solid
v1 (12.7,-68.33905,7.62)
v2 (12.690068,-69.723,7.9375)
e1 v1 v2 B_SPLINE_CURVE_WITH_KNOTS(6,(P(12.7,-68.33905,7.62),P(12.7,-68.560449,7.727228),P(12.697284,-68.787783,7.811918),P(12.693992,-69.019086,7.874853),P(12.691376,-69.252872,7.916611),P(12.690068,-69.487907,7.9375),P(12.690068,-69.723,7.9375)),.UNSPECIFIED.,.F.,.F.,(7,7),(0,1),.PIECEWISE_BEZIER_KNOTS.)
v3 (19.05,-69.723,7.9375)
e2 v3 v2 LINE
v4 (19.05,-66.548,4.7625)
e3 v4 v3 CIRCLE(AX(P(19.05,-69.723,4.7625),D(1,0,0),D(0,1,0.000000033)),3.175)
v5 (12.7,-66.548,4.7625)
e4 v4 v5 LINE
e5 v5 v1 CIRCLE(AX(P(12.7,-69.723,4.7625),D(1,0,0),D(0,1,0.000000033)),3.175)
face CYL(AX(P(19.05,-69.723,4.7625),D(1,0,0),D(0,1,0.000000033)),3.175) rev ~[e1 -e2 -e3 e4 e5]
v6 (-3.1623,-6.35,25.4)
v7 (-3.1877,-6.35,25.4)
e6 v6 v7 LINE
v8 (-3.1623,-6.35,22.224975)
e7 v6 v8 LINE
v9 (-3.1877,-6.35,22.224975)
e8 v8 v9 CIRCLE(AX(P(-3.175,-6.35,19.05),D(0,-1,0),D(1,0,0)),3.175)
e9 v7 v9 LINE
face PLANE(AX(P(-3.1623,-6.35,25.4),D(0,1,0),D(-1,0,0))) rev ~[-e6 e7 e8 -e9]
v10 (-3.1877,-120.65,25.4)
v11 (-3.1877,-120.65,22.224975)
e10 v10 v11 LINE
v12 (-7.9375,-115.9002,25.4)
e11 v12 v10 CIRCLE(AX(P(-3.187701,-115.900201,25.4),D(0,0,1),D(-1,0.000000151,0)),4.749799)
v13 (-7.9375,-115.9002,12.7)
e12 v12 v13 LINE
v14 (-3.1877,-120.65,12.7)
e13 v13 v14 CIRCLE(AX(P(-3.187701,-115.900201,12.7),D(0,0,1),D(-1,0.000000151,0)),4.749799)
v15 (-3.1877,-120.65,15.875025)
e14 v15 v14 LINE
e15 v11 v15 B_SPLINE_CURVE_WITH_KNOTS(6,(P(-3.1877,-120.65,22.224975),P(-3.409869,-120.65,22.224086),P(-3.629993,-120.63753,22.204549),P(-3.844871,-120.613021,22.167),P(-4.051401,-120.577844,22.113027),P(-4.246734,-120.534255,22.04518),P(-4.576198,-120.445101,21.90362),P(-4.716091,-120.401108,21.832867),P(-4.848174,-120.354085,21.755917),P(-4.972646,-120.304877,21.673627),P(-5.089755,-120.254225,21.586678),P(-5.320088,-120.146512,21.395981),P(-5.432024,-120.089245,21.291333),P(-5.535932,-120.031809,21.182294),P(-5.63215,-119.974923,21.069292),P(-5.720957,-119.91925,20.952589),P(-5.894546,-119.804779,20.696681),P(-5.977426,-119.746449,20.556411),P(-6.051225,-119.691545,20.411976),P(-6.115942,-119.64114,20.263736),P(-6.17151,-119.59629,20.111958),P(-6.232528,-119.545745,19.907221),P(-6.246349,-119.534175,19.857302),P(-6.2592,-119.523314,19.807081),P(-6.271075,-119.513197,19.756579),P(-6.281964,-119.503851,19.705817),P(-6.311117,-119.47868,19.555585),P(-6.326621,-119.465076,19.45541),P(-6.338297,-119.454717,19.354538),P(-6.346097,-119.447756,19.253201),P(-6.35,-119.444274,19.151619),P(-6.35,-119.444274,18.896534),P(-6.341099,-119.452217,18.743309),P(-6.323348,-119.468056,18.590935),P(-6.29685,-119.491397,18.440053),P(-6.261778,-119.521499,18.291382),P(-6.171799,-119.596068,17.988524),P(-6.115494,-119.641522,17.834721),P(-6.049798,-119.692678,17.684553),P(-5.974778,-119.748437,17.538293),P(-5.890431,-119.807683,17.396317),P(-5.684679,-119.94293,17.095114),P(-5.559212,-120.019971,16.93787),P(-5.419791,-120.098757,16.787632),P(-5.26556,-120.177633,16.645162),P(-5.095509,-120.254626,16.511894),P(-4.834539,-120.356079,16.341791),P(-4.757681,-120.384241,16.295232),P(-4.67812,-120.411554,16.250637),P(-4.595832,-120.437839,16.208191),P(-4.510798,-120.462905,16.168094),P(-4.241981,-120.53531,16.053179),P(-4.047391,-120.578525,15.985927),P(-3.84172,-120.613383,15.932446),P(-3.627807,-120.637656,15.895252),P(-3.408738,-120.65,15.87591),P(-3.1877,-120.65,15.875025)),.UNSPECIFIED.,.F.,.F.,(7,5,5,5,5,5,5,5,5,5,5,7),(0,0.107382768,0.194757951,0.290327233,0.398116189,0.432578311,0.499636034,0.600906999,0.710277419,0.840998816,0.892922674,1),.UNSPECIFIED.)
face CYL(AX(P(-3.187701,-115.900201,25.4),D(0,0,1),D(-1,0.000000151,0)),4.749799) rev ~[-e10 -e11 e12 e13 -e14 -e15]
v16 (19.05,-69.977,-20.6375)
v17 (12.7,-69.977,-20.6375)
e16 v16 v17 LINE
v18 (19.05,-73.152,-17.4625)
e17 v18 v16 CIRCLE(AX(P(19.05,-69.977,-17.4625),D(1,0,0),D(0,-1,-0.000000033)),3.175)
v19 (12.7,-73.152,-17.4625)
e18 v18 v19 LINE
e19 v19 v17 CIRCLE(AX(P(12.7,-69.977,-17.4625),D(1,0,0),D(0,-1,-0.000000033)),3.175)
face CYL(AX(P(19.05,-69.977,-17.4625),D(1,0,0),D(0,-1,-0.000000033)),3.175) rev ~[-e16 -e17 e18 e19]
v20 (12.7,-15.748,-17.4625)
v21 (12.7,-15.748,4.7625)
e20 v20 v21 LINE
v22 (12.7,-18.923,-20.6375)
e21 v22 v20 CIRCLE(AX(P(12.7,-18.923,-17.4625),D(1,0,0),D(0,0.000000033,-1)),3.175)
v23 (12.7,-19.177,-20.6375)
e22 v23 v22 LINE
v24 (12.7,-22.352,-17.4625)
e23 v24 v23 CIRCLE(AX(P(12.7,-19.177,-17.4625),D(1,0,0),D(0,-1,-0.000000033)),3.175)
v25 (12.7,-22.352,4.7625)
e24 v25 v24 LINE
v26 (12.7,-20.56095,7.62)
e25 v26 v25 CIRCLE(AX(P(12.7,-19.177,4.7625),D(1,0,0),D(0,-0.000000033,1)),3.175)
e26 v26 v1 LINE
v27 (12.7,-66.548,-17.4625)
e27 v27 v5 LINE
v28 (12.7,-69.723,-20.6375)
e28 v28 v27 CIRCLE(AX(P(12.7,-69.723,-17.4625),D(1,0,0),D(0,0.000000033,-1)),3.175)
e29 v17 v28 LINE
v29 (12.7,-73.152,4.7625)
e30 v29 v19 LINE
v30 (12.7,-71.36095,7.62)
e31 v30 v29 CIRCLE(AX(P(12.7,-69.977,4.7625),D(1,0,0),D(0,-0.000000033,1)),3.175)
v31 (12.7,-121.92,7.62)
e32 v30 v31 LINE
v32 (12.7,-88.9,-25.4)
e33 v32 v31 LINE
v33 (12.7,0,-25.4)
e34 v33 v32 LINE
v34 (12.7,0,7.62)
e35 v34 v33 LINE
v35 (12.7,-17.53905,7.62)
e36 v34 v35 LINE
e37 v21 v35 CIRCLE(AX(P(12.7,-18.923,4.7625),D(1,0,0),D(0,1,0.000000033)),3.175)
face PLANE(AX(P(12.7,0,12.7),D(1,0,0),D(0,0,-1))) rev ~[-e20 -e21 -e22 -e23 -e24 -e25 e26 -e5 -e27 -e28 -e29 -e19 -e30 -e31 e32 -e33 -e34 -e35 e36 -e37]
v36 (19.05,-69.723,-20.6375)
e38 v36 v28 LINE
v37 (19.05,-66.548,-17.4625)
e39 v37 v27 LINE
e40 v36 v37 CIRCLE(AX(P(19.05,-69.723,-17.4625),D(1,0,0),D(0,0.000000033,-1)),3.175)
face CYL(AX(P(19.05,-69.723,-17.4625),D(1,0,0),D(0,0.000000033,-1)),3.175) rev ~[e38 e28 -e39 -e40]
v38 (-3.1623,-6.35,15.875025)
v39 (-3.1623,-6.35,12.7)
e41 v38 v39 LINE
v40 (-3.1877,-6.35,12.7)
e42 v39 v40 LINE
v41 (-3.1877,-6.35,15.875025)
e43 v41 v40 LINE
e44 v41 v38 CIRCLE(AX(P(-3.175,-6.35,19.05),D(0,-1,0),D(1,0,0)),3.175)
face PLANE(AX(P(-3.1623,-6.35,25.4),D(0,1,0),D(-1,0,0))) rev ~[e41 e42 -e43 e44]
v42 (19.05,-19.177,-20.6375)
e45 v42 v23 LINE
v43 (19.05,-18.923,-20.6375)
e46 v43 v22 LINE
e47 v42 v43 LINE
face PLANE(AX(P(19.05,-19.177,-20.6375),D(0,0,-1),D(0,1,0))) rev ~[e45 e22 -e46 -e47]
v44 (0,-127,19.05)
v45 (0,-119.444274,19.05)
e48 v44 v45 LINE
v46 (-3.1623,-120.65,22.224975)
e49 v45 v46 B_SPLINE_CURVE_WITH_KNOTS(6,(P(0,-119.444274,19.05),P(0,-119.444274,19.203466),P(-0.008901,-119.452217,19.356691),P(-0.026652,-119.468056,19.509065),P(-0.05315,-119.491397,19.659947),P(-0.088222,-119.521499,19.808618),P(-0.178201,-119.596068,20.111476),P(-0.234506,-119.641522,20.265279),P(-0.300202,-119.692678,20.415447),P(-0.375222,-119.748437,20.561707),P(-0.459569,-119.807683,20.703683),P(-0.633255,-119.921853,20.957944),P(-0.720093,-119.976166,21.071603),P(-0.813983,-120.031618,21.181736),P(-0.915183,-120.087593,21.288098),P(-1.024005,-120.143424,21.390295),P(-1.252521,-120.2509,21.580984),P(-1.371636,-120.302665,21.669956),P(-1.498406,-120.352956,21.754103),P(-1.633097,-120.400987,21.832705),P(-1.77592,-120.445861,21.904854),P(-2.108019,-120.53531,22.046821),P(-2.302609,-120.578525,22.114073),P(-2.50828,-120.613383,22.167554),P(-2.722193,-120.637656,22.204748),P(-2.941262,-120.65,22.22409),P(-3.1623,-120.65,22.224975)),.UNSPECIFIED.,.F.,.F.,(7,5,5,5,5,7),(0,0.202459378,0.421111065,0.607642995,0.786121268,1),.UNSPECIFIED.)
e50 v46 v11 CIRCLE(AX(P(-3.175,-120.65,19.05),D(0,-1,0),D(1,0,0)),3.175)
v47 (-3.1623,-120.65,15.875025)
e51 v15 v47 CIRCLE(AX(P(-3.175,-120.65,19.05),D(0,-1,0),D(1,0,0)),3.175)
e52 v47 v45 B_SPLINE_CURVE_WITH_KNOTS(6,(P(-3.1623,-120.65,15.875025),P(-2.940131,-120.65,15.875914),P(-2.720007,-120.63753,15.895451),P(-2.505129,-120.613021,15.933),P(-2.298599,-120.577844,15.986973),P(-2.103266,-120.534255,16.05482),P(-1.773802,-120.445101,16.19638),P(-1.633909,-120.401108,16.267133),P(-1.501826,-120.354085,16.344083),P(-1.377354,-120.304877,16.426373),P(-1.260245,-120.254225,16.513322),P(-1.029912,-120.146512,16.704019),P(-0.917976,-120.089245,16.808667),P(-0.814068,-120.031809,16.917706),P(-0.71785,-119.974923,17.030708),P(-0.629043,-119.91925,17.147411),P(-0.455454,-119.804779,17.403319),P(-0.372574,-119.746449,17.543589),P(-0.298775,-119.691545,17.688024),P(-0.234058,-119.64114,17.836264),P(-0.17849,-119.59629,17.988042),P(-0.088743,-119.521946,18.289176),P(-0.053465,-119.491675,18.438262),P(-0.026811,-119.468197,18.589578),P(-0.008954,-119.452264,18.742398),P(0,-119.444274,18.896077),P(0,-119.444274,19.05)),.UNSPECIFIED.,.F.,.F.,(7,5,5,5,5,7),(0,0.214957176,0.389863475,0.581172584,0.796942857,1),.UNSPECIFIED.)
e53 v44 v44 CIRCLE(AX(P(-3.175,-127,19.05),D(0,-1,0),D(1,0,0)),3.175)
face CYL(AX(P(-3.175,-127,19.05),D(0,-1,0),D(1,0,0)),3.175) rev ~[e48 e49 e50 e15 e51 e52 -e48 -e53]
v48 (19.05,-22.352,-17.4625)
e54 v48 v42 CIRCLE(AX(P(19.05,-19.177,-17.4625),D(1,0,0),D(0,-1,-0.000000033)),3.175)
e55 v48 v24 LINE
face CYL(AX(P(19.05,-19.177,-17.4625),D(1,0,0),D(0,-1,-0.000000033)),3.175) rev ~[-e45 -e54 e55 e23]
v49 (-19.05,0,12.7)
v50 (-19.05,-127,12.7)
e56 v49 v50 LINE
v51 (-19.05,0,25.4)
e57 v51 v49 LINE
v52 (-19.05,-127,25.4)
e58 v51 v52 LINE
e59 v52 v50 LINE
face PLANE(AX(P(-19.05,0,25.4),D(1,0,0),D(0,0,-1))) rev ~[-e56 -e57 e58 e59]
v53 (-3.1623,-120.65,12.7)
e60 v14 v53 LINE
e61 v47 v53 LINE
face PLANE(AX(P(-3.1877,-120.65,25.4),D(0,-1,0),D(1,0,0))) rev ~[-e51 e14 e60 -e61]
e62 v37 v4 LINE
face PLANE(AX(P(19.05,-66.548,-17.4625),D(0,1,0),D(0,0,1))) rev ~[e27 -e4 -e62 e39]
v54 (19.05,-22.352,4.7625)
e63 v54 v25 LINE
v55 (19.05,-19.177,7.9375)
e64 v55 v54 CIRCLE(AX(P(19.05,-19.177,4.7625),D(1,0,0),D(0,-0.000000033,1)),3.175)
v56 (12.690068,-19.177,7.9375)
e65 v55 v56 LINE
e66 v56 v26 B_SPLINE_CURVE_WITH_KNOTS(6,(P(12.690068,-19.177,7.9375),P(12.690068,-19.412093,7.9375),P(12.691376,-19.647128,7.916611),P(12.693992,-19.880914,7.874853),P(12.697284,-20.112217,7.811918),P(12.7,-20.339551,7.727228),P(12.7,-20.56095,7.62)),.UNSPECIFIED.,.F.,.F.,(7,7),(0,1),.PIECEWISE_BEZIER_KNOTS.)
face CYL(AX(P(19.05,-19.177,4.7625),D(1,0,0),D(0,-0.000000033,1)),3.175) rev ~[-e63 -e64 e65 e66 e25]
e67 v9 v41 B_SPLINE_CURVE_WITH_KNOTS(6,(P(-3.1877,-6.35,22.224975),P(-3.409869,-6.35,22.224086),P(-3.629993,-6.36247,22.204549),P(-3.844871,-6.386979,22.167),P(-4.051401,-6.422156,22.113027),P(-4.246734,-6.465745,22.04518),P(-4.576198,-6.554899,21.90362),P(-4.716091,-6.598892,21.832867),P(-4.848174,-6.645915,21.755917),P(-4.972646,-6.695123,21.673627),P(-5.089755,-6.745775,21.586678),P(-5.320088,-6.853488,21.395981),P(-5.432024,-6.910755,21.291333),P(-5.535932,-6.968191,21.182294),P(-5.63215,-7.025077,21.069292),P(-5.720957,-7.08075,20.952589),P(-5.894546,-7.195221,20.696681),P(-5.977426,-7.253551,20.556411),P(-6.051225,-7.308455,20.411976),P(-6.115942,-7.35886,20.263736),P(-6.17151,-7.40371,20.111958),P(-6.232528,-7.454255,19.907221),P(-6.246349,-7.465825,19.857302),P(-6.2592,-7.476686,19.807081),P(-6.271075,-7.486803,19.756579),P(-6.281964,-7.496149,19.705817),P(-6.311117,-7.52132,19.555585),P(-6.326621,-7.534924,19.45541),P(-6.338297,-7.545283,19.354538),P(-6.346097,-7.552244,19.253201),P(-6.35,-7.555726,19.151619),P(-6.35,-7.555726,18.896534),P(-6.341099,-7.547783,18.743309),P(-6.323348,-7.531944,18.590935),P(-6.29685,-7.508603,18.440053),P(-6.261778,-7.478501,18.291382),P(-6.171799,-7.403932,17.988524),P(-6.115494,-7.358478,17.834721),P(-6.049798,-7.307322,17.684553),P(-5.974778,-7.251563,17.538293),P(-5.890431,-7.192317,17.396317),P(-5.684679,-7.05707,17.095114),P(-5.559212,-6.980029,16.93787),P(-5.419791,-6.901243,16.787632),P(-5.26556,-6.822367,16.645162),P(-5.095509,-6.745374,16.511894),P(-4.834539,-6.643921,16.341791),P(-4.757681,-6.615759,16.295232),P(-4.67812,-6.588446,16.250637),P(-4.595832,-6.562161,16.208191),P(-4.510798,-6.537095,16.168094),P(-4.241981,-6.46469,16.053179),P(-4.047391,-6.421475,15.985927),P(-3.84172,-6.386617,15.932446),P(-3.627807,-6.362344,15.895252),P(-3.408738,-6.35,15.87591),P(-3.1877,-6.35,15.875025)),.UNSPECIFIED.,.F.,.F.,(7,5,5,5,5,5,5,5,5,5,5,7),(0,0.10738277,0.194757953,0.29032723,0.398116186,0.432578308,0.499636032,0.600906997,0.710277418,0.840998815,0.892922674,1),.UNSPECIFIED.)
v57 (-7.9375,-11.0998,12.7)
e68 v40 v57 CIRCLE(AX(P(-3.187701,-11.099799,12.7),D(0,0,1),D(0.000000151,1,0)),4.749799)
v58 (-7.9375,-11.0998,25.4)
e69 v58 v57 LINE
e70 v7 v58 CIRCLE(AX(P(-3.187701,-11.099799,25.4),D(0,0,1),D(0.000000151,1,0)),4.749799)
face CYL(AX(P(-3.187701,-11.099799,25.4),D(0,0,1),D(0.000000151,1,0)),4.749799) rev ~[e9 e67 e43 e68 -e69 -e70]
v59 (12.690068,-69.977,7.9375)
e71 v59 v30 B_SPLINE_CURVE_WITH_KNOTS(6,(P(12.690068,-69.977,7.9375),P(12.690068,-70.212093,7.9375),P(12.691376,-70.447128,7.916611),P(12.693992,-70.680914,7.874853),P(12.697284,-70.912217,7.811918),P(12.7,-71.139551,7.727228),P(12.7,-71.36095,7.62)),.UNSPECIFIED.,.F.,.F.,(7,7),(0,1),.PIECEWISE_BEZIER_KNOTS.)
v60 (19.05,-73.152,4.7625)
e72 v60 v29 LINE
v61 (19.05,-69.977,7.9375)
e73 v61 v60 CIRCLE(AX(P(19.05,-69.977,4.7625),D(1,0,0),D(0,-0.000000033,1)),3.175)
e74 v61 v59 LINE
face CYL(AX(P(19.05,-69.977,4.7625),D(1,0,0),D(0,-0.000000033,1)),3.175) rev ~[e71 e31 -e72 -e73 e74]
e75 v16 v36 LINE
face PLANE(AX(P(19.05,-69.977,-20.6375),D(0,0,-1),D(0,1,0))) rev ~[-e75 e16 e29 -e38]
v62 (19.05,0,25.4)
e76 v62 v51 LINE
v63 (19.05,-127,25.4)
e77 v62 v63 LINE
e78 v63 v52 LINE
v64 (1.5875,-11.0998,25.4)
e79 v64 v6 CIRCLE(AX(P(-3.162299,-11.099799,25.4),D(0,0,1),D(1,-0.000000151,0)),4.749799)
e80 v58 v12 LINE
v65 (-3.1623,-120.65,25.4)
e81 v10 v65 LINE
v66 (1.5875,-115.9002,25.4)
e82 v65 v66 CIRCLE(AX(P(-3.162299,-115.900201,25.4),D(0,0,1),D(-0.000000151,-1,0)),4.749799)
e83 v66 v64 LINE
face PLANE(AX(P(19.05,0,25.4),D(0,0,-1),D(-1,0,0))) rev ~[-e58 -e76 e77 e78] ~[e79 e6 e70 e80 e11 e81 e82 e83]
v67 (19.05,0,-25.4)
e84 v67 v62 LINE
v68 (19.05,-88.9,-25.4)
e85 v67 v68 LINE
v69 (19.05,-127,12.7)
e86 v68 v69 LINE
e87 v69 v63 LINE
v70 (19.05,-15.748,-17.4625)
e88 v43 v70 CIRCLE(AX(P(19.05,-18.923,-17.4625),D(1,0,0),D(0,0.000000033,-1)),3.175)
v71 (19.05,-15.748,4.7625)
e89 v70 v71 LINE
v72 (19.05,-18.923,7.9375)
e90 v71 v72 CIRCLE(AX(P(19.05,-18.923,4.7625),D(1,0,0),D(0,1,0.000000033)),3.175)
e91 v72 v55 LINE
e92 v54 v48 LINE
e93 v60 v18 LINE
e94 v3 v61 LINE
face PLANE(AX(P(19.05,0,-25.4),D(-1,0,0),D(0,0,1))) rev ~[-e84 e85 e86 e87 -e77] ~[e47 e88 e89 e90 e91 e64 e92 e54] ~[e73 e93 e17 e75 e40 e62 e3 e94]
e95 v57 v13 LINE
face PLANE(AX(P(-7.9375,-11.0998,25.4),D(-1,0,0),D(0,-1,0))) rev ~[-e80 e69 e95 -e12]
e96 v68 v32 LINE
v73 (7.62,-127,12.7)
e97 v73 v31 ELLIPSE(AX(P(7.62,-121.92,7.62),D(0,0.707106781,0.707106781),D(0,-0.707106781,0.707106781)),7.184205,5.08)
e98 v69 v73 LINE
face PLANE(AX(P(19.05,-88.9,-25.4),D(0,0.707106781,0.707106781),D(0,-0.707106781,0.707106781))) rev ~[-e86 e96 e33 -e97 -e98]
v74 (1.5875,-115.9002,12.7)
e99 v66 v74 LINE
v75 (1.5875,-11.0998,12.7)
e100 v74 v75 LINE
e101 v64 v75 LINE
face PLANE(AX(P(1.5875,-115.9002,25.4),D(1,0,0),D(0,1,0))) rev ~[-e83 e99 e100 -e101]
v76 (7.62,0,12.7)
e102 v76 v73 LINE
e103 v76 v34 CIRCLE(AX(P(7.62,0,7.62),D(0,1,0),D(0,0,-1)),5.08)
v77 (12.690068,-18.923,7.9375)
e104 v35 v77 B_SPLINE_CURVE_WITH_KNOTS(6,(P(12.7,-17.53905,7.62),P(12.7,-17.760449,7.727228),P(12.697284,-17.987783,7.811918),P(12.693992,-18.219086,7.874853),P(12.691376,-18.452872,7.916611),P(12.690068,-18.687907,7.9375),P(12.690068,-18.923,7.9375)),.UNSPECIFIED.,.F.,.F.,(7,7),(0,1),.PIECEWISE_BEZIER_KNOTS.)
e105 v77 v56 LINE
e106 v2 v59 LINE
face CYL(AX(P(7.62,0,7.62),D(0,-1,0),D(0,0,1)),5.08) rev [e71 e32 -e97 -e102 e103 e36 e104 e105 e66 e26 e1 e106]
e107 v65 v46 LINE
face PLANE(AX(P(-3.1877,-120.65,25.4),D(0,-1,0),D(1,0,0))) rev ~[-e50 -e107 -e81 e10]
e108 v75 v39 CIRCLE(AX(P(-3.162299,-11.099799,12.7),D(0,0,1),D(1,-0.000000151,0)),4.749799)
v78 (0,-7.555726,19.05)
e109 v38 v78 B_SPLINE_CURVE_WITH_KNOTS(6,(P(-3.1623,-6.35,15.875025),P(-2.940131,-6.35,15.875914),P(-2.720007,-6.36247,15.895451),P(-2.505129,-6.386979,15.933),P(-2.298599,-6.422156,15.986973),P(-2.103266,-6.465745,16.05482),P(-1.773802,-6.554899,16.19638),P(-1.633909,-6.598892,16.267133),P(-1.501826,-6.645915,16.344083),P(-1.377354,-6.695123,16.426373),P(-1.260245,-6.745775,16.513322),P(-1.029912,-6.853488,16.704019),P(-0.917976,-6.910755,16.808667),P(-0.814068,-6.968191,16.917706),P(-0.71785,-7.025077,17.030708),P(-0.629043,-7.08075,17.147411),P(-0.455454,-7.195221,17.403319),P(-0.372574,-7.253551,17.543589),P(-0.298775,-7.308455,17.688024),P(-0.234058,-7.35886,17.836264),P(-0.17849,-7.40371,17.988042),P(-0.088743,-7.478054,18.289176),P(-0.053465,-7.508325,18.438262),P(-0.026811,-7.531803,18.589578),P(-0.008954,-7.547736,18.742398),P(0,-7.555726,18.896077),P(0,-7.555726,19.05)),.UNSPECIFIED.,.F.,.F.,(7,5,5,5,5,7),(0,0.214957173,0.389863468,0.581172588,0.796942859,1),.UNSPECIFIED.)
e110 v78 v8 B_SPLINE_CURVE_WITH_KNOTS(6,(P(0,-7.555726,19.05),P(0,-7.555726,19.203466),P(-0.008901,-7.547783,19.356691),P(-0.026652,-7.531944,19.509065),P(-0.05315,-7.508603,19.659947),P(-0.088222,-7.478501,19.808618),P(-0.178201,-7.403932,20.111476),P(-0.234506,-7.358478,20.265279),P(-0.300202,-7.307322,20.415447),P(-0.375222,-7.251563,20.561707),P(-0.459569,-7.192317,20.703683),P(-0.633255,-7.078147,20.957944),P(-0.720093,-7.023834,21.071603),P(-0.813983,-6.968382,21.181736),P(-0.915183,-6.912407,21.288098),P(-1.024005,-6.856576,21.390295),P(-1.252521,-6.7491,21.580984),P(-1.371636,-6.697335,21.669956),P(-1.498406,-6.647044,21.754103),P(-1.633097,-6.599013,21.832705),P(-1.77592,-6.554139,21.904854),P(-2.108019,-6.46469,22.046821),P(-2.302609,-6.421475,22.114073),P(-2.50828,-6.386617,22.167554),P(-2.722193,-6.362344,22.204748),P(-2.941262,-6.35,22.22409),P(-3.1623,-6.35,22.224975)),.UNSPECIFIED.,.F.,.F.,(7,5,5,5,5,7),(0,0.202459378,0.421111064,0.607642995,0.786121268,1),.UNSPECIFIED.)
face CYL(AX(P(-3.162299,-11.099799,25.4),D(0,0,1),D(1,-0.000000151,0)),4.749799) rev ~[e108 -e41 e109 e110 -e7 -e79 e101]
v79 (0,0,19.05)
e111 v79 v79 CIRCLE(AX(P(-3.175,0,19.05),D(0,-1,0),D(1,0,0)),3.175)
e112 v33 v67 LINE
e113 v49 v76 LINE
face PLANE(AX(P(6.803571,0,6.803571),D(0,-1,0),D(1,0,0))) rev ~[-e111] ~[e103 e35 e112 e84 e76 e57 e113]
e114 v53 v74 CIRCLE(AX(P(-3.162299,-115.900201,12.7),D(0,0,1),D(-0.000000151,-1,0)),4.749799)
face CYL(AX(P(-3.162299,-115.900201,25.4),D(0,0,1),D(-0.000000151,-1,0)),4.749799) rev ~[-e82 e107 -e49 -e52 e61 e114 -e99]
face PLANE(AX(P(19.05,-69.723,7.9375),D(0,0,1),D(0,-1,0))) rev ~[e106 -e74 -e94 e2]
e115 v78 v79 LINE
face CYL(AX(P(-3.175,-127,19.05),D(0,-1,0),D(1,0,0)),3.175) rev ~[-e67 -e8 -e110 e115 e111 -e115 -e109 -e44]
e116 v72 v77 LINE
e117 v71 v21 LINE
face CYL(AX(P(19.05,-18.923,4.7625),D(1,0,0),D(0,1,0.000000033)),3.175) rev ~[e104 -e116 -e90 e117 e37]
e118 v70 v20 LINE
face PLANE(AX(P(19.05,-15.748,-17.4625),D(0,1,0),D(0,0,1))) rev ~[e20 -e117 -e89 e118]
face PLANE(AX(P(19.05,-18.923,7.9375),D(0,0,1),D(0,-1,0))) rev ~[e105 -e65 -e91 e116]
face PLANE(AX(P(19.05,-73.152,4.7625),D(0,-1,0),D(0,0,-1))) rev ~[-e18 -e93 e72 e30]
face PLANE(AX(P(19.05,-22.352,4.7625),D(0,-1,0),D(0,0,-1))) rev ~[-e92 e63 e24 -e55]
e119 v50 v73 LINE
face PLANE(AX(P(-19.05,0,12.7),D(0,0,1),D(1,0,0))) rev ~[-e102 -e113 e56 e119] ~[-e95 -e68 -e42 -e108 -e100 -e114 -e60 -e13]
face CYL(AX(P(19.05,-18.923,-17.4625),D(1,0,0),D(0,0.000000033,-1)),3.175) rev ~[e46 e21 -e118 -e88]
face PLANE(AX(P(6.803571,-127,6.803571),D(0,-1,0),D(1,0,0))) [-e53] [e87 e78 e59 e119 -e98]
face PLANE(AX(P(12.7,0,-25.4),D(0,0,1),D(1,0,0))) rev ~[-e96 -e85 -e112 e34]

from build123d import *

# Parameters (mm, degrees)
F1_DEPTH  = 127
F2_R      = 5.08
F4_DEPTH  = 50.801
F5_R      = 3.175
F6_DEPTH  = 127.001
F8_DEPTH  = 38.101
F10_DEPTH = 38.101


with BuildPart() as f1:
    # F0 (on Front) → F1 (new body)
    with BuildSketch(Plane.XZ):
        Polygon((19.05, -25.4), (19.05, 25.4), (-19.05, 25.4), (-19.05, 12.7), (12.7, 12.7), (12.7, -25.4), align=None)
    extrude(amount=F1_DEPTH)

    # F2
    f2_edges = [f1.edges().sort_by_distance(p)[0] for p in [
        (12.7, -63.5, 12.7),
    ]]
    fillet(f2_edges, radius=F2_R)

    # F3 (on face) → F4 (cut, through all)
    with BuildSketch(Plane.XY.offset(25.4)):
        with BuildLine():
            Line((-3.1623, -6.35), (-3.1877, -6.35))
            ThreePointArc((-3.1877, -6.35), (-6.546316, -7.741184), (-7.9375, -11.0998))
            Line((-7.9375, -11.0998), (-7.9375, -115.9002))
            ThreePointArc((-7.9375, -115.9002), (-6.546316, -119.258816), (-3.1877, -120.65))
            Line((-3.1877, -120.65), (-3.1623, -120.65))
            ThreePointArc((-3.1623, -120.65), (0.196316, -119.258816), (1.5875, -115.9002))
            Line((1.5875, -115.9002), (1.5875, -11.0998))
            ThreePointArc((1.5875, -11.0998), (0.196316, -7.741184), (-3.1623, -6.35))
        make_face()
    extrude(amount=-F4_DEPTH, mode=Mode.SUBTRACT)

    # F5 (on face) → F6 (cut, through all)
    with BuildSketch(Plane.XZ.offset(127)):
        with Locations((-3.175, 19.05)):
            Circle(F5_R)
    extrude(amount=-F6_DEPTH, mode=Mode.SUBTRACT)

    # F7 (on face) → F8 (cut, through all)
    with BuildSketch(Plane.YZ.offset(19.05)):
        Polygon((-127, 12.7), (-127, -25.4), (-88.9, -25.4), align=None)
    extrude(amount=-F8_DEPTH, mode=Mode.SUBTRACT)

    # F9 (on face) → F10 (cut, through all)
    with BuildSketch(Plane.YZ.offset(19.05)):
        with BuildLine():
            ThreePointArc((-66.548, 4.7625), (-67.477936, 7.007564), (-69.723, 7.9375))
            Line((-69.723, 7.9375), (-69.977, 7.9375))
            ThreePointArc((-69.977, 7.9375), (-72.222064, 7.007564), (-73.152, 4.7625))
            Line((-73.152, 4.7625), (-73.152, -17.4625))
            ThreePointArc((-73.152, -17.4625), (-72.222064, -19.707564), (-69.977, -20.6375))
            Line((-69.977, -20.6375), (-69.723, -20.6375))
            ThreePointArc((-69.723, -20.6375), (-67.477936, -19.707564), (-66.548, -17.4625))
            Line((-66.548, -17.4625), (-66.548, 4.7625))
        make_face()
        with BuildLine():
            ThreePointArc((-15.748, 4.7625), (-16.677936, 7.007564), (-18.923, 7.9375))
            Line((-18.923, 7.9375), (-19.177, 7.9375))
            ThreePointArc((-19.177, 7.9375), (-21.422064, 7.007564), (-22.352, 4.7625))
            Line((-22.352, 4.7625), (-22.352, -17.4625))
            ThreePointArc((-22.352, -17.4625), (-21.422064, -19.707564), (-19.177, -20.6375))
            Line((-19.177, -20.6375), (-18.923, -20.6375))
            ThreePointArc((-18.923, -20.6375), (-16.677936, -19.707564), (-15.748, -17.4625))
            Line((-15.748, -17.4625), (-15.748, 4.7625))
        make_face()
    extrude(amount=-F10_DEPTH, mode=Mode.SUBTRACT)


solid = f1.part
